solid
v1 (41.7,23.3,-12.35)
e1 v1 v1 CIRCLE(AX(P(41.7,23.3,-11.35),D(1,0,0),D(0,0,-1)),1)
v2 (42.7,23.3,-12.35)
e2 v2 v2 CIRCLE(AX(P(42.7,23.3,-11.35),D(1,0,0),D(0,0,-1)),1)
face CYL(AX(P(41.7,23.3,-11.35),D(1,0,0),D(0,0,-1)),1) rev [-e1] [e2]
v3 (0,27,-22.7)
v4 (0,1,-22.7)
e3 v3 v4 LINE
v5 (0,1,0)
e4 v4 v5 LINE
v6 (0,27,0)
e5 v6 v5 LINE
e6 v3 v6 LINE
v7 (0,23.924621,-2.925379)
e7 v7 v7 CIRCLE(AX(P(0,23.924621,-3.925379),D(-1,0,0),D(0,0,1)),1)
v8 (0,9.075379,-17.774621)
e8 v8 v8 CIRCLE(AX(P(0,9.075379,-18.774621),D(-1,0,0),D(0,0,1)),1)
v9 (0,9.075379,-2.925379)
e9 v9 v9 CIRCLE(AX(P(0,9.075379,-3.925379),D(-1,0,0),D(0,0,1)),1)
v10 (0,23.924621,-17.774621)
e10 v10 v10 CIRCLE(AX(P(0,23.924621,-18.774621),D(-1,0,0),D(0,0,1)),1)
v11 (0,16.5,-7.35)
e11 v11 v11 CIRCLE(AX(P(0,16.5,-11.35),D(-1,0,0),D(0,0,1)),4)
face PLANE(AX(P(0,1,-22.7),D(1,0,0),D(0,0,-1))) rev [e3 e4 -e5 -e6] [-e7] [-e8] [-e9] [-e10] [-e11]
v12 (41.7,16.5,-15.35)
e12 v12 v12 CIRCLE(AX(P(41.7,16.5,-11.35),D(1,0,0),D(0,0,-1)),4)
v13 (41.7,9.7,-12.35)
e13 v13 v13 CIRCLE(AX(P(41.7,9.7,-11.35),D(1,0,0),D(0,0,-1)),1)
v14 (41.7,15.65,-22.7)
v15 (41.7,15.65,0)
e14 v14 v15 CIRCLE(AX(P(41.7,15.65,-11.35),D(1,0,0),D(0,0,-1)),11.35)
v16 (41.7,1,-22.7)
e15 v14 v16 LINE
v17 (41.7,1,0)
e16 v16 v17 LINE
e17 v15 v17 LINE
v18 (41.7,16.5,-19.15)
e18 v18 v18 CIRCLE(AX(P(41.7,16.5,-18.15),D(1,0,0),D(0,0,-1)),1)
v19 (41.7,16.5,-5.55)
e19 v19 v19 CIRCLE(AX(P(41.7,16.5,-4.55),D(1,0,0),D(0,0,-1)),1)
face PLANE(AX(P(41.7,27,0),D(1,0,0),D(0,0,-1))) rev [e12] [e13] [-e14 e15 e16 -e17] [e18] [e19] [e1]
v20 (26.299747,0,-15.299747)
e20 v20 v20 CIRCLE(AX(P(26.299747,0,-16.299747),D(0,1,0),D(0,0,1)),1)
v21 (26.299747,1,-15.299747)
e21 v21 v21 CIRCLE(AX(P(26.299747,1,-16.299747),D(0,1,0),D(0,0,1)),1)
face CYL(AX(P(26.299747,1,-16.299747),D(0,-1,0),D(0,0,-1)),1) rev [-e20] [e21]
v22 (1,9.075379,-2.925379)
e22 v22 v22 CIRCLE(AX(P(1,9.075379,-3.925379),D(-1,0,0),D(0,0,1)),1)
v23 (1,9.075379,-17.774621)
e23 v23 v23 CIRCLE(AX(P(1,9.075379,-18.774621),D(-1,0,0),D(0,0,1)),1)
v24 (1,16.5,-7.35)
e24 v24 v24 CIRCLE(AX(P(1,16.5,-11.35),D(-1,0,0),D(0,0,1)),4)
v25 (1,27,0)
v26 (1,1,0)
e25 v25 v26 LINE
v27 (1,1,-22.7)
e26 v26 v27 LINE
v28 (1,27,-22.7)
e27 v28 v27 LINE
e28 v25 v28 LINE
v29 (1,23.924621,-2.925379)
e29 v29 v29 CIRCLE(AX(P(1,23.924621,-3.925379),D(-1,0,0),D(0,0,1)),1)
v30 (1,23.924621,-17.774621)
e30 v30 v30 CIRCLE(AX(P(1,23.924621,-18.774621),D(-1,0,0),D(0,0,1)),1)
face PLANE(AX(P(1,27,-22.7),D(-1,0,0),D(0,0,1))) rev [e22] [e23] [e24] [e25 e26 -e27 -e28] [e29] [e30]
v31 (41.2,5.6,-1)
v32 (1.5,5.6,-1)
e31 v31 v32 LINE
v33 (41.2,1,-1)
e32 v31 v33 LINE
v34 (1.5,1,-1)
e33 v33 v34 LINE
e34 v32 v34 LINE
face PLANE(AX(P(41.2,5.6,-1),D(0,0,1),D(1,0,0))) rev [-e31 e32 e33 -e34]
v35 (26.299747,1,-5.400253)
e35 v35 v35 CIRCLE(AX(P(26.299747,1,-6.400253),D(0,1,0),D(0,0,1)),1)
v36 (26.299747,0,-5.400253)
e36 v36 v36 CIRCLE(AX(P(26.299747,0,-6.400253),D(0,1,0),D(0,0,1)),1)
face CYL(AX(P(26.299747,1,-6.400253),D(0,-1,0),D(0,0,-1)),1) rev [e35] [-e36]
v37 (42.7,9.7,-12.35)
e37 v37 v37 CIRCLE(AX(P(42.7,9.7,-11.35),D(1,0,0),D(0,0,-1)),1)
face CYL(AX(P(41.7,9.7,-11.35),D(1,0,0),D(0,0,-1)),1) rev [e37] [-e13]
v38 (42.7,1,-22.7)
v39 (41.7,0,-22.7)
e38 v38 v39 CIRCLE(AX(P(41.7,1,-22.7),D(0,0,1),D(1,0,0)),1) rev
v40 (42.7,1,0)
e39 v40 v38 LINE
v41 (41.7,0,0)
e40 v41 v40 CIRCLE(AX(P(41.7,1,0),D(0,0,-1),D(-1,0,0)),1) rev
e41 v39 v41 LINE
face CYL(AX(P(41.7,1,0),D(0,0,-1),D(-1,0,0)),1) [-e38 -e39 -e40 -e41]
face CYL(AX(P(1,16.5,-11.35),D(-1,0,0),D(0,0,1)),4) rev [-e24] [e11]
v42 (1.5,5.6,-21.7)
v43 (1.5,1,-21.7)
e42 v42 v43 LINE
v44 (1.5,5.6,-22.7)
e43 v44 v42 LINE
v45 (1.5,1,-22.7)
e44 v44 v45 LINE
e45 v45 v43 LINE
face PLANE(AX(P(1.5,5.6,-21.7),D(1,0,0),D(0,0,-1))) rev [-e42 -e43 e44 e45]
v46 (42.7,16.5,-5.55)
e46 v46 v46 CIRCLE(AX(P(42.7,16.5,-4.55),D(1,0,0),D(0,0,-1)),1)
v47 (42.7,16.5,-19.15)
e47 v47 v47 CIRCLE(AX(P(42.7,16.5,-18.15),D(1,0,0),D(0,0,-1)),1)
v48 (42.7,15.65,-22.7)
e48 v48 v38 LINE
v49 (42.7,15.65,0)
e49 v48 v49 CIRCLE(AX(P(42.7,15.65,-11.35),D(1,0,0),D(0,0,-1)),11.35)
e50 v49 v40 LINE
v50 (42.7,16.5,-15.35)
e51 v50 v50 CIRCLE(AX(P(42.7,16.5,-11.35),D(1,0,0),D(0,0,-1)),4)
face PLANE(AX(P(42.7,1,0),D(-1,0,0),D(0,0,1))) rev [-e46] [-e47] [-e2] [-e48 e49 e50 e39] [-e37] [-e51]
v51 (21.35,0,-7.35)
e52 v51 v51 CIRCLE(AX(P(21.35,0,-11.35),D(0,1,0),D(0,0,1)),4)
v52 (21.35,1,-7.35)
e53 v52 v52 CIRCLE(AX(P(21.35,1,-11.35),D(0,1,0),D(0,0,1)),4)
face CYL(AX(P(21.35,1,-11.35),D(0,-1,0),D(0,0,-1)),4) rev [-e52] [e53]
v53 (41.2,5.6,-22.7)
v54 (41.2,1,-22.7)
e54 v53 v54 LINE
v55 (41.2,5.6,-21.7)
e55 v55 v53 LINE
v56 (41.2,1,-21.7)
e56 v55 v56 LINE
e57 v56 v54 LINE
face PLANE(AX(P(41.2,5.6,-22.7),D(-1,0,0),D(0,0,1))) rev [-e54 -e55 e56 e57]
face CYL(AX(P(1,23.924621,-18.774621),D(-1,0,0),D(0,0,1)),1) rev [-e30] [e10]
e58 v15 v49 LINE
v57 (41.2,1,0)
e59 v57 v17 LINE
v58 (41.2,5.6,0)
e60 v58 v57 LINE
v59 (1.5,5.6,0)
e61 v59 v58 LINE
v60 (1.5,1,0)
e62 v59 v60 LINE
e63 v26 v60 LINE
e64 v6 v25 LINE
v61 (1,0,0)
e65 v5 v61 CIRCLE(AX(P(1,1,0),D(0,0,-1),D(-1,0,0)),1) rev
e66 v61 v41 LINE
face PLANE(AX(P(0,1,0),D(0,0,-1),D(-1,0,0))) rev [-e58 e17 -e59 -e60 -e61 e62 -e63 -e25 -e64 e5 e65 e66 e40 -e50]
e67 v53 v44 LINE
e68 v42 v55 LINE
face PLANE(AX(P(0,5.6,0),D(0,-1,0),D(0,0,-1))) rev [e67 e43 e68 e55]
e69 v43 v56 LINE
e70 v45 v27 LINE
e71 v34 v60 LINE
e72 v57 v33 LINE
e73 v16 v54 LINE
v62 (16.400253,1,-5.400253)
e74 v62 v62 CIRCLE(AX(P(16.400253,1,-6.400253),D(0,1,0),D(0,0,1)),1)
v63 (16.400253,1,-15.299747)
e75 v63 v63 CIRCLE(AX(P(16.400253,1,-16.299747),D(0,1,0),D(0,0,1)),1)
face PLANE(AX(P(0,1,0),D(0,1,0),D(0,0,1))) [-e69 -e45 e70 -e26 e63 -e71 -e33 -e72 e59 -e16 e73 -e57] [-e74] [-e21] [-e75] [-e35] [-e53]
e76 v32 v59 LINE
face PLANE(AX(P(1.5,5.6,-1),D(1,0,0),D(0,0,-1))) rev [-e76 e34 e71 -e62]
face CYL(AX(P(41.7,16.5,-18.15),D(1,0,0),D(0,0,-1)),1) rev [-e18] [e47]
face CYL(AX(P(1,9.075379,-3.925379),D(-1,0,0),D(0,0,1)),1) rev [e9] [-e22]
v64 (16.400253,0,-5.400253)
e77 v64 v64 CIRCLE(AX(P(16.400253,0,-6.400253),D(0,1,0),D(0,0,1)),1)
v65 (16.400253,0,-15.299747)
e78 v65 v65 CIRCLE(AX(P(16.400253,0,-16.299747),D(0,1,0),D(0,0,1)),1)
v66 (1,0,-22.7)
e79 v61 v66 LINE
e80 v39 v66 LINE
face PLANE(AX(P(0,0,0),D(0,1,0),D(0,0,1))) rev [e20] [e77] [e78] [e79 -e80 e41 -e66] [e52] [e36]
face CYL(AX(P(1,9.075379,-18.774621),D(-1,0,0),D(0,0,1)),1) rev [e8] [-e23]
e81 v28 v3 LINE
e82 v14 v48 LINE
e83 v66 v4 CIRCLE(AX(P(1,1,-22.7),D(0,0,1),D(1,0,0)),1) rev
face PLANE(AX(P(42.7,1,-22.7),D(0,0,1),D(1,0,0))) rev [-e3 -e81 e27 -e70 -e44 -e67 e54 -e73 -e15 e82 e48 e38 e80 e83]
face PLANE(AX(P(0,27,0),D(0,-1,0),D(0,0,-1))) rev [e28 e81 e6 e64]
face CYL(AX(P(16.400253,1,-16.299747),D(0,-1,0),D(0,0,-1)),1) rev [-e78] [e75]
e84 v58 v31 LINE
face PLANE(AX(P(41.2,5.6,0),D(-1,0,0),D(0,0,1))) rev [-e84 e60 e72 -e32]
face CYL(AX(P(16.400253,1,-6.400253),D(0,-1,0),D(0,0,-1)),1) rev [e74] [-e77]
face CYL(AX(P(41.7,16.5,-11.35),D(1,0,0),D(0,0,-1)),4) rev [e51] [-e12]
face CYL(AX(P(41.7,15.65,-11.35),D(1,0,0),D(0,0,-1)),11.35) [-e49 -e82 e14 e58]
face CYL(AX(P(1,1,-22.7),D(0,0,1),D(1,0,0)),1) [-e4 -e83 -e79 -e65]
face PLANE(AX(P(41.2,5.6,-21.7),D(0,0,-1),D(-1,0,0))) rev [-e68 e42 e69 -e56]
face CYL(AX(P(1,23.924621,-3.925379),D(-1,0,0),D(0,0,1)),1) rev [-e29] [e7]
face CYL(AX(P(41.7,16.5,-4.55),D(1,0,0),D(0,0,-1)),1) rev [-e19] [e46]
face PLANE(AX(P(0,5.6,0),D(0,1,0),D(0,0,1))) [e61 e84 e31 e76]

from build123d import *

# Parameters (mm, degrees)
SKETCH1_W           = 42.7
SKETCH1_H           = 22.7
SKETCH1_R           = 4
SKETCH1_R_2         = 1
BOSS_EXTRUDE1_DEPTH = 1
SKETCH2_W           = 1
SKETCH2_H           = 22.7
BOSS_EXTRUDE2_DEPTH = 26
SKETCH3_W           = 39.7
SKETCH3_H           = 1
BOSS_EXTRUDE3_DEPTH = 4.6
FILLET2_R           = 1
SKETCH4_R           = 4
SKETCH4_R_2         = 1
CUT_EXTRUDE1_DEPTH  = 1
CUT_EXTRUDE2_START  = -1
SKETCH5_R           = 1
SKETCH5_R_2         = 4
CUT_EXTRUDE2_DEPTH  = 1


with BuildPart() as part:
    # Sketch1 → Boss-Extrude1 (new body)
    with BuildSketch(Plane(origin=(0, 0, 0), x_dir=(1, 0, 0), z_dir=(0, 1, 0))):
        with Locations((21.35, 11.35)):
            Rectangle(SKETCH1_W, SKETCH1_H)
        with Locations(Location((21.35, 11.35, 0), (0, 0, 270))):
            Circle(SKETCH1_R, mode=Mode.SUBTRACT)
        with Locations(Location((26.299747468, 16.299747468, 0), (0, 0, 270))):
            Circle(SKETCH1_R_2, mode=Mode.SUBTRACT)
        with Locations(Location((26.299747468, 6.400252532, 0), (0, 0, 270))):
            Circle(SKETCH1_R_2, mode=Mode.SUBTRACT)
        with Locations(Location((16.400252532, 6.400252532, 0), (0, 0, 270))):
            Circle(SKETCH1_R_2, mode=Mode.SUBTRACT)
        with Locations(Location((16.400252532, 16.299747468, 0), (0, 0, 270))):
            Circle(SKETCH1_R_2, mode=Mode.SUBTRACT)
    extrude(amount=BOSS_EXTRUDE1_DEPTH)

    # Sketch2 → Boss-Extrude2 (add)
    with BuildSketch(Plane(origin=(0, 1, 0), x_dir=(1, 0, 0), z_dir=(0, 1, 0))):
        with Locations((0.5, 11.35)):
            Rectangle(SKETCH2_W, SKETCH2_H)
        with Locations((42.2, 11.35)):
            Rectangle(SKETCH2_W, SKETCH2_H)
    extrude(amount=BOSS_EXTRUDE2_DEPTH)

    # Sketch3 → Boss-Extrude3 (add)
    with BuildSketch(Plane(origin=(0, 1, 0), x_dir=(1, 0, 0), z_dir=(0, 1, 0))):
        with Locations((21.35, 22.2)):
            Rectangle(SKETCH3_W, SKETCH3_H)
        with Locations((21.35, 0.5)):
            Rectangle(SKETCH3_W, SKETCH3_H)
    extrude(amount=BOSS_EXTRUDE3_DEPTH)

    # Fillet2
    fillet2_edges = [part.edges().sort_by_distance(p)[0] for p in [
        (42.7, 0, -11.35),
        (0, 0, -11.35),
    ]]
    fillet(fillet2_edges, radius=FILLET2_R)

    # Sketch4 → Cut-Extrude1 (cut)
    with BuildSketch(Plane.ZY):
        with Locations((-11.35, 16.5)):
            Circle(SKETCH4_R)
        with Locations((-18.774621202, 23.924621202)):
            Circle(SKETCH4_R_2)
        with Locations((-3.925378798, 23.924621202)):
            Circle(SKETCH4_R_2)
        with Locations((-3.925378798, 9.075378798)):
            Circle(SKETCH4_R_2)
        with Locations((-18.774621202, 9.075378798)):
            Circle(SKETCH4_R_2)
    extrude(amount=-CUT_EXTRUDE1_DEPTH, mode=Mode.SUBTRACT)

    # Sketch5 → Cut-Extrude2 (cut)
    with BuildSketch(Plane(origin=(42.7, 0, 0), x_dir=(0, 0, -1), z_dir=(1, 0, 0)).offset(CUT_EXTRUDE2_START)):
        with BuildLine():
            Line((0, 27), (0, 15.65))
            ThreePointArc((0, 15.65), (3.324338034, 23.675661966), (11.35, 27))
            Line((11.35, 27), (0, 27))
        make_face()
        with BuildLine():
            Line((22.7, 27), (11.35, 27))
            ThreePointArc((11.35, 27), (19.375661966, 23.675661966), (22.7, 15.65))
            Line((22.7, 15.65), (22.7, 27))
        make_face()
        with Locations((11.35, 23.3)):
            Circle(SKETCH5_R)
        with Locations(Location((11.35, 16.5, 0), (0, 0, 180))):
            Circle(SKETCH5_R_2)
        with Locations((18.15, 16.5)):
            Circle(SKETCH5_R)
        with Locations((11.35, 9.7)):
            Circle(SKETCH5_R)
        with Locations((4.55, 16.5)):
            Circle(SKETCH5_R)
    extrude(amount=CUT_EXTRUDE2_DEPTH, mode=Mode.SUBTRACT)


solid = part.part
